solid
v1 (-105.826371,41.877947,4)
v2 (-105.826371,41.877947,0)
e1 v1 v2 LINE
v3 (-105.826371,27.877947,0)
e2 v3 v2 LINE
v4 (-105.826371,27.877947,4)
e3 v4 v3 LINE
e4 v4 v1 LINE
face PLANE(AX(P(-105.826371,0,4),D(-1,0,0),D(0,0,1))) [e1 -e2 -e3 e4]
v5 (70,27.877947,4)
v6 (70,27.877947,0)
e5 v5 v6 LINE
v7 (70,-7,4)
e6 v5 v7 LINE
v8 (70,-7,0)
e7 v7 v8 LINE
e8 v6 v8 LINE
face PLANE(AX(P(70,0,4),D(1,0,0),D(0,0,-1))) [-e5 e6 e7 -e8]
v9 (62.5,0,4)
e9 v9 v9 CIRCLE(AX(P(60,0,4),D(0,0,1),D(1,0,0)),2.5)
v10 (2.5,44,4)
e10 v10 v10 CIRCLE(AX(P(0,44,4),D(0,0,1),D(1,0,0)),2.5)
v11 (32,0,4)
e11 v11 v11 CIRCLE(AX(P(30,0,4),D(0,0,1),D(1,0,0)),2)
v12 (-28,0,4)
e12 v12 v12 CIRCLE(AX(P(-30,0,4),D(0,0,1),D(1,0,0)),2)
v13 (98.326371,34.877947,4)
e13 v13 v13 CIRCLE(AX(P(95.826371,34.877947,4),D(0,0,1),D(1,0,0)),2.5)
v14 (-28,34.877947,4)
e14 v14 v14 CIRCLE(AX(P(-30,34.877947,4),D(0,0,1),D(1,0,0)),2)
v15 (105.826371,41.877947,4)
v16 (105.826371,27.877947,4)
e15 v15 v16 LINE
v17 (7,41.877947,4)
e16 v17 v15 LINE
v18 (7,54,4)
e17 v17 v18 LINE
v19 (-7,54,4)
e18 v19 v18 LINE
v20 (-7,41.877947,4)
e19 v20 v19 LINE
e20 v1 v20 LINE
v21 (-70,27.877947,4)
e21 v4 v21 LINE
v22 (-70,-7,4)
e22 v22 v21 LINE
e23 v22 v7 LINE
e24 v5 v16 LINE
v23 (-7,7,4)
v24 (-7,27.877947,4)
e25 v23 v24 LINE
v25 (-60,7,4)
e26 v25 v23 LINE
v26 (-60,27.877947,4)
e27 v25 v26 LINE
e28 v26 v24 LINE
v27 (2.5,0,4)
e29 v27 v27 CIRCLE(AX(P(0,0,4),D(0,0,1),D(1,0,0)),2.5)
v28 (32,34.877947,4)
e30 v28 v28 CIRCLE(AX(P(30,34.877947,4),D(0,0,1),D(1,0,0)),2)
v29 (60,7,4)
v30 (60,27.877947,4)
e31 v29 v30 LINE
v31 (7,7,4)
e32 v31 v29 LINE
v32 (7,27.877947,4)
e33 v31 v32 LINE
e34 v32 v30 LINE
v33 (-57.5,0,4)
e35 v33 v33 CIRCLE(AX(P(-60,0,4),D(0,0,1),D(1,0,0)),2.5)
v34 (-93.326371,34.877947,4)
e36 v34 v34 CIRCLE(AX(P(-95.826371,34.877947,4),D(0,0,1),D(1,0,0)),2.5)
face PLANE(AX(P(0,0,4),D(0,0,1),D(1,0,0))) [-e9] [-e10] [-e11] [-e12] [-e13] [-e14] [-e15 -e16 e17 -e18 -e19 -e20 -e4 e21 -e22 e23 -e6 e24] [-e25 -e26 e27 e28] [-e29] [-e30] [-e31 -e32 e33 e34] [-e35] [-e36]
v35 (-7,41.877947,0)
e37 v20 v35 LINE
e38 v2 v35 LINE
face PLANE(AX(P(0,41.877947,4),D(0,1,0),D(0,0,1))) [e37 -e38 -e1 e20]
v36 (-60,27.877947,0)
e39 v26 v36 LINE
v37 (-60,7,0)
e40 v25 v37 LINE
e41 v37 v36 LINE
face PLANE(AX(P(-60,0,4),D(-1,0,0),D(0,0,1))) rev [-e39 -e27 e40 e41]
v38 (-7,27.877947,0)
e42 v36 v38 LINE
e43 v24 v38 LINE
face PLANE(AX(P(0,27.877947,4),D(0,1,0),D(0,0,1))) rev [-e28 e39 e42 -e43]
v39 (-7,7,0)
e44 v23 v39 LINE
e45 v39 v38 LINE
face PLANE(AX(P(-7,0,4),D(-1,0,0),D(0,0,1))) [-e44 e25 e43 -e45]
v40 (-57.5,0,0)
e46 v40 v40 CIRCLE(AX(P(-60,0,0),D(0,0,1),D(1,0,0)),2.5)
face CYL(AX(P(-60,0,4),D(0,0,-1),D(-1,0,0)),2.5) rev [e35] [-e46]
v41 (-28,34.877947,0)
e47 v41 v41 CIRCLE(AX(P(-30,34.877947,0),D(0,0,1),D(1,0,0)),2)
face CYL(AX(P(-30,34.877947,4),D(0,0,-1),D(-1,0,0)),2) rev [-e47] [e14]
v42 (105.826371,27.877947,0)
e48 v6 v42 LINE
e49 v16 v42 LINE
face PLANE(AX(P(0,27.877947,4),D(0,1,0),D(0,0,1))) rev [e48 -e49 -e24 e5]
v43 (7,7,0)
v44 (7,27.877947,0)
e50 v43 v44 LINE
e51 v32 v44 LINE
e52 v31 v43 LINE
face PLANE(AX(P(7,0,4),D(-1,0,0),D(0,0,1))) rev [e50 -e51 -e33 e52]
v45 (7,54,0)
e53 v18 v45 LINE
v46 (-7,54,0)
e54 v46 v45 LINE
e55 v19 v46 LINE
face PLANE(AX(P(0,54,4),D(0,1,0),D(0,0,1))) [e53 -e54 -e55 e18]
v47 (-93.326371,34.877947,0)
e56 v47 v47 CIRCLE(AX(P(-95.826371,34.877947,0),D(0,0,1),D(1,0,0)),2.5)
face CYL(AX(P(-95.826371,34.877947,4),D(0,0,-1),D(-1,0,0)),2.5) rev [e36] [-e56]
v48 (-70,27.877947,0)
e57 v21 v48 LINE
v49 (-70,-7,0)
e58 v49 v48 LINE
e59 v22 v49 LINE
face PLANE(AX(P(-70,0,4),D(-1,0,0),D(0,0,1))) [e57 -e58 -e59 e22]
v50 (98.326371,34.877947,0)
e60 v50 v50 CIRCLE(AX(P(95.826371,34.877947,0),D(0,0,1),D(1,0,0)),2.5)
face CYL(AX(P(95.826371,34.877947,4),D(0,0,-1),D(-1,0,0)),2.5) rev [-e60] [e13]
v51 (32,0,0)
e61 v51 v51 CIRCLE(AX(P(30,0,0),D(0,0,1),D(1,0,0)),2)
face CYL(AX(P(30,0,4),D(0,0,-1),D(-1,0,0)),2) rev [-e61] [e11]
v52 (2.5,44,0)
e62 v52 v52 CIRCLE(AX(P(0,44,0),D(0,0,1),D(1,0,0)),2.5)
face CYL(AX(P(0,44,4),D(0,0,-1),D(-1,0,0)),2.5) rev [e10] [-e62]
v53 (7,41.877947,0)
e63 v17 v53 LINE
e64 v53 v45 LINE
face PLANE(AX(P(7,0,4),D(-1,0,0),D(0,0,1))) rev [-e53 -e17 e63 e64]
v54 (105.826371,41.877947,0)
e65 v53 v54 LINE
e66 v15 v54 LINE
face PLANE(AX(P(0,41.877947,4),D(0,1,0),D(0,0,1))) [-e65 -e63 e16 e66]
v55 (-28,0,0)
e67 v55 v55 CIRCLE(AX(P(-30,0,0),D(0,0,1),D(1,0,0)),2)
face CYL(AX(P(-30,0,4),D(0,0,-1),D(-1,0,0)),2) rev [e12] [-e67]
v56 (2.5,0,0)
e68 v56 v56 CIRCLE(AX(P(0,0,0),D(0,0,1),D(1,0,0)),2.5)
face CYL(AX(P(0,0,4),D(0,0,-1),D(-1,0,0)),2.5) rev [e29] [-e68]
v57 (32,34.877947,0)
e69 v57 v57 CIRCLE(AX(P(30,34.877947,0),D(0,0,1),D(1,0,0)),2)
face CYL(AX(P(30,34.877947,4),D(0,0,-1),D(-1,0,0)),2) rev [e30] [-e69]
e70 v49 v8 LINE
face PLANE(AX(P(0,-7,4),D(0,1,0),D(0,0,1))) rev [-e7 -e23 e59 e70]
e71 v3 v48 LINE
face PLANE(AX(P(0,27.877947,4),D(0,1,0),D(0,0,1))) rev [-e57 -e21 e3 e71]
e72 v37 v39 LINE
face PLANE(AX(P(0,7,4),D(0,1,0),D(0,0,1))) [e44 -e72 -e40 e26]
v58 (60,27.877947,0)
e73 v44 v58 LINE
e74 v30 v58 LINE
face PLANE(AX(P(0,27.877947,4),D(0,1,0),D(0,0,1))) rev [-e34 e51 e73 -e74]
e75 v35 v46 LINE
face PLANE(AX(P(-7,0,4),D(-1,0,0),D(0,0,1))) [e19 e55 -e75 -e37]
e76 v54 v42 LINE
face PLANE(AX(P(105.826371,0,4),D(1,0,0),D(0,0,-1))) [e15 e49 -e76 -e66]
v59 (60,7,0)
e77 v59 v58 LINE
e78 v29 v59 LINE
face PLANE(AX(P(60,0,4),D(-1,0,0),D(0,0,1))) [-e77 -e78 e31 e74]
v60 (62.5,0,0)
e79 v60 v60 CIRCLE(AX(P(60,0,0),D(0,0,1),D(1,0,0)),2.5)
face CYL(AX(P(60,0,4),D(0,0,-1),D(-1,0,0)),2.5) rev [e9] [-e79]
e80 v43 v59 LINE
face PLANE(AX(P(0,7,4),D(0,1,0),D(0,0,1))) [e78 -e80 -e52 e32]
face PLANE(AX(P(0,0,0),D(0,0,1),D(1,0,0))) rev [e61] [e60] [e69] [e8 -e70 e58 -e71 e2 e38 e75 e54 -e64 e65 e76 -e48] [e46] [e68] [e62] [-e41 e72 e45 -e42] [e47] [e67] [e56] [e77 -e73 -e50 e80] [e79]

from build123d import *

# Parameters (mm, degrees)
SKETCH1_R           = 2.5
SKETCH1_R_2         = 2
SKETCH1_W           = 10
SKETCH1_H           = 20.877946607
SKETCH1_W_2         = 140
SKETCH1_H_2         = 14
BOSS_EXTRUDE1_DEPTH = 4


with BuildPart() as part:
    # Sketch1 → Boss-Extrude1 (new body)
    # profile 1 of 6: a face of its own
    with BuildSketch(Plane.XY):
        Polygon((-105.826370741, 27.877946607), (-70, 27.877946607), (-60, 27.877946607), (-7, 27.877946607), (-7, 41.877946607), (-105.826370741, 41.877946607), align=None)
        with Locations((-95.826370741, 34.877946607)):
            Circle(SKETCH1_R, mode=Mode.SUBTRACT)
        with Locations((-30, 34.877946607)):
            Circle(SKETCH1_R_2, mode=Mode.SUBTRACT)
    # profile 2 of 6: a face of its own
    with BuildSketch(Plane.XY):
        with Locations((-65, 17.438973303)):
            Rectangle(SKETCH1_W, SKETCH1_H)
    # profile 3 of 6: a face of its own
    with BuildSketch(Plane.XY):
        Rectangle(SKETCH1_W_2, SKETCH1_H_2)
        with Locations((30, 0)):
            Circle(SKETCH1_R_2, mode=Mode.SUBTRACT)
        with Locations((-30, 0)):
            Circle(SKETCH1_R_2, mode=Mode.SUBTRACT)
        with Locations((-60, 0)):
            Circle(SKETCH1_R, mode=Mode.SUBTRACT)
        Circle(SKETCH1_R, mode=Mode.SUBTRACT)
        with Locations((60, 0)):
            Circle(SKETCH1_R, mode=Mode.SUBTRACT)
    # profile 4 of 6: a face of its own
    with BuildSketch(Plane.XY):
        Polygon((-7, 27.877946607), (-7, 7), (7, 7), (7, 27.877946607), (7, 41.877946607), (7, 54), (-7, 54), (-7, 41.877946607), align=None)
        with Locations((0, 44)):
            Circle(SKETCH1_R, mode=Mode.SUBTRACT)
    # profile 5 of 6: a face of its own
    with BuildSketch(Plane.XY):
        Polygon((7, 41.877946607), (7, 27.877946607), (60, 27.877946607), (70, 27.877946607), (105.826370741, 27.877946607), (105.826370741, 41.877946607), align=None)
        with Locations((30, 34.877946607)):
            Circle(SKETCH1_R_2, mode=Mode.SUBTRACT)
        with Locations((95.826370741, 34.877946607)):
            Circle(SKETCH1_R, mode=Mode.SUBTRACT)
    # profile 6 of 6: a face of its own
    with BuildSketch(Plane.XY):
        with Locations((65, 17.438973303)):
            Rectangle(SKETCH1_W, SKETCH1_H)
    extrude(amount=BOSS_EXTRUDE1_DEPTH)


solid = part.part
